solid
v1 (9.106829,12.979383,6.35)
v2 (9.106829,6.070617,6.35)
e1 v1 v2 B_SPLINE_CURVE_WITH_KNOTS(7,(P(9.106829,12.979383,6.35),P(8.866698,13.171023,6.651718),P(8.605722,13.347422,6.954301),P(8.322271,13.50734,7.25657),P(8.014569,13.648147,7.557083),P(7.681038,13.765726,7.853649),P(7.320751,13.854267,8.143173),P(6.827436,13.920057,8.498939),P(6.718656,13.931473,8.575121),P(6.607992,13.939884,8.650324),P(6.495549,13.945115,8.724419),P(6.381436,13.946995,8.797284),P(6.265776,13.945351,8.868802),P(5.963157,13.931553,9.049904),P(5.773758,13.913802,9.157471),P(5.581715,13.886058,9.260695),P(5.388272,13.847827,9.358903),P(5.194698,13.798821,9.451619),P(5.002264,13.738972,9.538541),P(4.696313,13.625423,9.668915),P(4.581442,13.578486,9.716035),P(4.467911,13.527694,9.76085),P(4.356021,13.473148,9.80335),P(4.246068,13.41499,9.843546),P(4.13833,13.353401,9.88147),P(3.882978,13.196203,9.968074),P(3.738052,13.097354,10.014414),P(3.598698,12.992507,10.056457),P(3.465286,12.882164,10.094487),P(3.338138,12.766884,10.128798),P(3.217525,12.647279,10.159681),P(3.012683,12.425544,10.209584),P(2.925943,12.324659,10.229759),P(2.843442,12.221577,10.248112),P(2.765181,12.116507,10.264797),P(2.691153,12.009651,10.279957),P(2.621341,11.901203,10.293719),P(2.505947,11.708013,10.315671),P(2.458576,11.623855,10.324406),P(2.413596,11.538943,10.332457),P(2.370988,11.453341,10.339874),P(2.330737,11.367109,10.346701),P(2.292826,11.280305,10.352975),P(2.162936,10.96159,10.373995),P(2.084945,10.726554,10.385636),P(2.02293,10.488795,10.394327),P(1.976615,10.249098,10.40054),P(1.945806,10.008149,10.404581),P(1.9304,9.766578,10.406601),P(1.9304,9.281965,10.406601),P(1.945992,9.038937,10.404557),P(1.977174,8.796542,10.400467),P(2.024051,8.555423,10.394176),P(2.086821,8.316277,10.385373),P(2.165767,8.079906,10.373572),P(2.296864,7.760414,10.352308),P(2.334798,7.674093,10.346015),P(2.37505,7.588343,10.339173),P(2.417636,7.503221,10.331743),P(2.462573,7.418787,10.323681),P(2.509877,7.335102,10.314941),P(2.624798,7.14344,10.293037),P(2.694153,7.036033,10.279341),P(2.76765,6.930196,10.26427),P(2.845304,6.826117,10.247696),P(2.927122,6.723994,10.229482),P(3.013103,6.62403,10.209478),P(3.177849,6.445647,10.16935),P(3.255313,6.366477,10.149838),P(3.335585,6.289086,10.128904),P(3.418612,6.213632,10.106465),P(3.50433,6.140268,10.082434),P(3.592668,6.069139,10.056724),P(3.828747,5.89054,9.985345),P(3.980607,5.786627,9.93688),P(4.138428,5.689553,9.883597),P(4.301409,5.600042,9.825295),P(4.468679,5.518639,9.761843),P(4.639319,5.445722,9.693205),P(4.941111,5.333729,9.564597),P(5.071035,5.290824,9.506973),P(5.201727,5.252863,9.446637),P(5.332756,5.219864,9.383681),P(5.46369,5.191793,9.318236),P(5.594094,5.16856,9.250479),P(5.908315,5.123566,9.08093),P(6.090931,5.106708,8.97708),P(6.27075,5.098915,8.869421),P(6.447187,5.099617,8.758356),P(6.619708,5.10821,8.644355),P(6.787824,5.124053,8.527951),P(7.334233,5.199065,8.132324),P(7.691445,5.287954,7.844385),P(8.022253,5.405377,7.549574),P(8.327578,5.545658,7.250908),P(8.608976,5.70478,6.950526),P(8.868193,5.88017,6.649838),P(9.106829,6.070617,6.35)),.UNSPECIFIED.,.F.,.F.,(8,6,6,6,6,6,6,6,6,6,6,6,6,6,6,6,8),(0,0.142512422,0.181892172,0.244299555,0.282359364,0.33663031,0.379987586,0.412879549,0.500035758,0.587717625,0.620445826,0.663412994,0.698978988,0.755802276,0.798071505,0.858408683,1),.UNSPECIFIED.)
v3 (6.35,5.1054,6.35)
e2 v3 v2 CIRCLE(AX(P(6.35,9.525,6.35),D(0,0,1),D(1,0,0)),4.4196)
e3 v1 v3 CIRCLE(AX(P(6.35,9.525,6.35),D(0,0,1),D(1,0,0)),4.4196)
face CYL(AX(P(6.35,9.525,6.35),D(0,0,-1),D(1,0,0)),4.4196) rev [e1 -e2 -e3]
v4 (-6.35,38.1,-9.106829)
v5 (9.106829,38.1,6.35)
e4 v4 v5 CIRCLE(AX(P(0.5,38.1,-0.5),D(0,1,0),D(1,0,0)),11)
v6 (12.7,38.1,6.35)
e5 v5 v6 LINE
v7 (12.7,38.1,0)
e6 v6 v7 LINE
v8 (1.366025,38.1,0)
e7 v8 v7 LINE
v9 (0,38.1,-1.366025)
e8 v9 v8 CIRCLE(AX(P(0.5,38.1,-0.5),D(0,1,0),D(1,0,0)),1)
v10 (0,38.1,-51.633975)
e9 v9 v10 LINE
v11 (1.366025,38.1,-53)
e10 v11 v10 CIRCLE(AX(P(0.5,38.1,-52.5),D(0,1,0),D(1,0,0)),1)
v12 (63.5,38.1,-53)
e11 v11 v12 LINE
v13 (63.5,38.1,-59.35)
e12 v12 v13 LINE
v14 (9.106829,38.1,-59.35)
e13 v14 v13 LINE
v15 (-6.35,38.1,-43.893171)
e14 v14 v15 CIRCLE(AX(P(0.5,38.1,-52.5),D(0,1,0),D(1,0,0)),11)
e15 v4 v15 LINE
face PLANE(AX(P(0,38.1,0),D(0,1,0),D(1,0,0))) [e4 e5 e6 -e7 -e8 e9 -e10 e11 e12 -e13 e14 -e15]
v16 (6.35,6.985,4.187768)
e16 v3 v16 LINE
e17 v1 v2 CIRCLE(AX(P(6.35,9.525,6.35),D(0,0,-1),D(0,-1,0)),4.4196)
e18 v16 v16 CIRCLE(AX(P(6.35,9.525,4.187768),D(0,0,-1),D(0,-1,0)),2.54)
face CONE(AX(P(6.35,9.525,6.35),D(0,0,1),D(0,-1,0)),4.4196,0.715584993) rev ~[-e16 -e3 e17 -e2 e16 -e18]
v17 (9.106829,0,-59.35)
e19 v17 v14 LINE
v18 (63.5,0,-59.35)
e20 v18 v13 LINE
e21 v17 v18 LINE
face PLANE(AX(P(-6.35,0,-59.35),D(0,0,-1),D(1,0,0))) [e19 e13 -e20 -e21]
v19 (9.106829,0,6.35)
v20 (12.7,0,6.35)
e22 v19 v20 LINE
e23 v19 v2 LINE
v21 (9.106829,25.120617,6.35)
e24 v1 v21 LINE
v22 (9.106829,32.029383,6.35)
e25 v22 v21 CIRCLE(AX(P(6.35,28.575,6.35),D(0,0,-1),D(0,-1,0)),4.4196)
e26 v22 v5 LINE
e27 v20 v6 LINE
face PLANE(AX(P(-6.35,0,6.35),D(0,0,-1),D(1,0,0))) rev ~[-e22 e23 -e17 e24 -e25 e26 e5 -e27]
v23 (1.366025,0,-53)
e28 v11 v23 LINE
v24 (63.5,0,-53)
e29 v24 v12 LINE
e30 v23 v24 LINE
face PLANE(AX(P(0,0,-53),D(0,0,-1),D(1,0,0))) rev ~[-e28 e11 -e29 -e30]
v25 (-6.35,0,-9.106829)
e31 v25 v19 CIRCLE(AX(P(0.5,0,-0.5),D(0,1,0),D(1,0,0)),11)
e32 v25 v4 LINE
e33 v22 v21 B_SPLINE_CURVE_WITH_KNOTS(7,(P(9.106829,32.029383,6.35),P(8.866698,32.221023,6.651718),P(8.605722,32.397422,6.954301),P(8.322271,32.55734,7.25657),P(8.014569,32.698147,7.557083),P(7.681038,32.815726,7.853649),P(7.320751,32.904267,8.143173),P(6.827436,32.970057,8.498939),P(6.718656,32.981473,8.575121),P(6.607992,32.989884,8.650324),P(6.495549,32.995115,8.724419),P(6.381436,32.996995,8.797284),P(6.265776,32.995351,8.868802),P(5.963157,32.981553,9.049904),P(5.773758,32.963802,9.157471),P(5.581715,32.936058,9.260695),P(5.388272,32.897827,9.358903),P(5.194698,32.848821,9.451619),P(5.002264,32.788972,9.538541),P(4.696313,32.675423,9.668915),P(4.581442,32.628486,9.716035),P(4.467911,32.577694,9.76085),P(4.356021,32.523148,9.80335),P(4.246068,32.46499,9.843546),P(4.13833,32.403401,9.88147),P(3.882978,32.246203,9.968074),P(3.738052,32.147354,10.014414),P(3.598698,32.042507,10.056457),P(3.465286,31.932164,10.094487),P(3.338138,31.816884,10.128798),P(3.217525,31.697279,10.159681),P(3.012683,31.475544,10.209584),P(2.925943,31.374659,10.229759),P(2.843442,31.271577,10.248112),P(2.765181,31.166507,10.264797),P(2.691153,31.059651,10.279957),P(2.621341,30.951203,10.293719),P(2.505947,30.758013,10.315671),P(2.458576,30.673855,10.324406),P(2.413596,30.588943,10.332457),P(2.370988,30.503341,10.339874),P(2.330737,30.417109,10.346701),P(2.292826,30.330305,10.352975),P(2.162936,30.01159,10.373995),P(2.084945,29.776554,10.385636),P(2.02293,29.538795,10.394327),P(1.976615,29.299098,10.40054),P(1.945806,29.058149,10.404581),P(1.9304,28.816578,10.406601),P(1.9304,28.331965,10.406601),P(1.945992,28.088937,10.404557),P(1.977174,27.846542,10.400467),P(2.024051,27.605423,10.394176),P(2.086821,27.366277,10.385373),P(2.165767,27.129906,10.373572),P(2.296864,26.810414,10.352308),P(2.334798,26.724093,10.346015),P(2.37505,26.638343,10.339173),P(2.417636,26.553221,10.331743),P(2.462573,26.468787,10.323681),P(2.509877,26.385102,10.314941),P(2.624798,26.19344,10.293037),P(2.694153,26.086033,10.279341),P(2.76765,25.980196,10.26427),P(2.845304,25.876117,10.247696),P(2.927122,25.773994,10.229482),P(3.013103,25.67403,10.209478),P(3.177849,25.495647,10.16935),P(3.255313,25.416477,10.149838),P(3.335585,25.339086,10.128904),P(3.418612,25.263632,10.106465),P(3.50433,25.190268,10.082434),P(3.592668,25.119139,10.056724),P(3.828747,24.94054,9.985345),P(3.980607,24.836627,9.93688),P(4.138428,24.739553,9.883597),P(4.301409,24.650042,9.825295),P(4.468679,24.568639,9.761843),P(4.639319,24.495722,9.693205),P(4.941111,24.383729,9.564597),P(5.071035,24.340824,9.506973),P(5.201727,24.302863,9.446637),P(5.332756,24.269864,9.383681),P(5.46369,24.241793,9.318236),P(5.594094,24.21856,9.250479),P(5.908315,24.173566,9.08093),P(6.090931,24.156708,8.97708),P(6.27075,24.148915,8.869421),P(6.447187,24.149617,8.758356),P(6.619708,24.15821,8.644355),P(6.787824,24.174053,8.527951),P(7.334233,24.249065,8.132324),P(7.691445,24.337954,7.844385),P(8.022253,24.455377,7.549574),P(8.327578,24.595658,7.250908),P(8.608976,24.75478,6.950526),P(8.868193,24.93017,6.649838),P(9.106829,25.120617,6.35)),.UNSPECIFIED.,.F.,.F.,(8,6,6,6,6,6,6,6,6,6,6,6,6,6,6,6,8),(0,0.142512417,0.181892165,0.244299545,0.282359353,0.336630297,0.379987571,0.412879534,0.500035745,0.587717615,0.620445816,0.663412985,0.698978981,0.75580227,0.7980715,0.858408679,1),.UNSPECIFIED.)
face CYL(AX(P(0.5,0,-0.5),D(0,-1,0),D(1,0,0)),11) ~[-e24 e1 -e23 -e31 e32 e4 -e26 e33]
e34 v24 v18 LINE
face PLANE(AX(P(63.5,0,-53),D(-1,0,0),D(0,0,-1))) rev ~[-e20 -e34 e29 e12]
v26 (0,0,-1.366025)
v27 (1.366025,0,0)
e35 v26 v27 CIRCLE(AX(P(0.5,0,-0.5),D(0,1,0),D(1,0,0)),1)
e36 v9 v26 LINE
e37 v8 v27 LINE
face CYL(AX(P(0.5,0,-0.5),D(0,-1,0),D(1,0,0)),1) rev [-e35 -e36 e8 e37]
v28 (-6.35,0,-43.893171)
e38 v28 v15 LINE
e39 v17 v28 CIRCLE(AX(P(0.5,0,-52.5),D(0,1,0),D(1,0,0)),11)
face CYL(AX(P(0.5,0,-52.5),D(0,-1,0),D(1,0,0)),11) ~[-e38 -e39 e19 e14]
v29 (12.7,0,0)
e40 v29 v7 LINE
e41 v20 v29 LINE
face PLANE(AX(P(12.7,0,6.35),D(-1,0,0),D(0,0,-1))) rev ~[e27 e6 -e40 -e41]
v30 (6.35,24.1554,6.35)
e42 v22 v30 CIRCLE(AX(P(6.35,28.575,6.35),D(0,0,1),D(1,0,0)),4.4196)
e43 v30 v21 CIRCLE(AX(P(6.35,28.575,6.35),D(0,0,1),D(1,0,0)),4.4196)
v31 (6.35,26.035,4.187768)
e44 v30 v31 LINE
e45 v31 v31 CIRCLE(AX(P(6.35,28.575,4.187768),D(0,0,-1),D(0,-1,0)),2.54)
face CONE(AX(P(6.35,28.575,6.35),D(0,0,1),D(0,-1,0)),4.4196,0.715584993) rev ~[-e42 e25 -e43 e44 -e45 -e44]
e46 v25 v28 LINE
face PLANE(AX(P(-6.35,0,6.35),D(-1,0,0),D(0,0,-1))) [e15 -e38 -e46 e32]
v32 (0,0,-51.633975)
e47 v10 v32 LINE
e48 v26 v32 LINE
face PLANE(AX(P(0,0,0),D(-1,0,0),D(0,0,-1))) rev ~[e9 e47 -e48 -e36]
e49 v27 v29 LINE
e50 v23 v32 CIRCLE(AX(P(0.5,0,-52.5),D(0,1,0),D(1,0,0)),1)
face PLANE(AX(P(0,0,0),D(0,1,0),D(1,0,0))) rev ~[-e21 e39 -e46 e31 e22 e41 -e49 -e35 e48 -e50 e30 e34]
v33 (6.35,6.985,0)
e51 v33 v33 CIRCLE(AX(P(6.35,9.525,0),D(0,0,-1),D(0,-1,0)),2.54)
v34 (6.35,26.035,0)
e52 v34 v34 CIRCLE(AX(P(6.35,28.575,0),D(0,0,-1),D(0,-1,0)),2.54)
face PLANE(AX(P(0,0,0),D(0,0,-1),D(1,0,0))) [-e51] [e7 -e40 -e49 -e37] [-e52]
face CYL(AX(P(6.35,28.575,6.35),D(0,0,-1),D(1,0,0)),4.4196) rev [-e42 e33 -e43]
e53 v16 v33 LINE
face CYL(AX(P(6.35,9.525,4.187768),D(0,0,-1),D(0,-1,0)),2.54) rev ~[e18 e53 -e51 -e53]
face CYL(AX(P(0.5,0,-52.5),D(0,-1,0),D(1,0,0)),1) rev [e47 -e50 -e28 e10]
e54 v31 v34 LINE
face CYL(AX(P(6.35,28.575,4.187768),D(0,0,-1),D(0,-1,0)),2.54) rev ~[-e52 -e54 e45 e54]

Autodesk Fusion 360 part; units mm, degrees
sketch "Sketch1" plane through (0, 0, 0) normal (0, 1, 0) x (1, 0, 0)
  line L0 (0, 0) -> (0, 53)
  line L1 (0, 0) -> (12.7, 0)
  line L2 (0, 53) -> (63.5, 53)
  line L3 (-6.35, 59.35) -> (63.5, 59.35)
  line L4 (-6.35, -6.35) -> (-6.35, 59.35)
  line L5 (-6.35, -6.35) -> (12.7, -6.35)
  line L6 (12.7, -6.35) -> (12.7, 0)
  line L7 (63.5, 53) -> (63.5, 59.35)
  line L8 (-6.35, -6.35) -> (0.5, 0.5) construction
  line L9 (-6.35, 59.35) -> (0.5, 52.5) construction
  dimension "d1" = 53
  dimension "d2" = 12.7
  dimension "d3" = 63.5
  dimension "d5" = 6.35
  dimension "d6" = 0.5
  dimension "d7" = 0.5
sketch "Sketch2" plane through (0, 0, 0) normal (0, 1, 0) x (1, 0, 0)
  circle A0 centre (0.5, 0.5) radius 1
  circle A1 centre (0.5, 52.5) radius 1
  circle A2 centre (0.5, 52.5) radius 11
  line L0 (-6.35, -6.35) -> (-6.35, 59.35)
  line L1 (-6.35, 59.35) -> (63.5, 59.35)
  line L2 (-6.35, -6.35) -> (12.7, -6.35)
  circle A3 centre (0.5, 0.5) radius 11
  point P0 (0.5, 0.5)
  point P1 (0.5, 52.5)
  dimension "d8" = 2
  dimension "d9" = 22
ref_plane "WorkPlane1" through (0, 0, 6.35) normal (0, 0, 1) x (1, 0, 0)
sketch "Sketch3" plane through (0, 0, 6.35) normal (0, 0, 1) x (1, 0, 0)
  line L0 (-6.35, 0) -> (12.7, 0)
  line L1 (-6.35, 0) -> (12.7, 0) construction
  line L2 (12.7, 0) -> (12.7, 38.1)
  line L3 (12.7, 38.1) -> (-6.35, 38.1)
  line L4 (-6.35, 38.1) -> (-6.35, 0)
  line L5 (6.35, 0) -> (6.35, 38.1) construction
  line L6 (12.7, 19.05) -> (6.35, 19.05) construction
  circle A0 centre (6.35, 28.575) radius 4.4196
  circle A1 centre (6.35, 9.525) radius 4.4196
  line L7 (0, 0) -> (12.7, 0)
  point P0 (6.35, 9.525)
  point P1 (6.35, 28.575)
  dimension "d11" = 38.1
  dimension "d12" = 19.05
  dimension "d13" = 8.8392
extrude "Extrude1" add sketch "Sketch1" along normal up to surface (38.1 mm away)
extrude "Extrude2" add sketch "Sketch2" along normal up to surface (38.1 mm away) contours L0 L2 A3 | A2 L0 L1 picked at (-6.7442, 3.5907) picked at (-6.7442, 49.4093)
extrude "Extrude3" cut sketch "Sketch3" along normal blind 5 contours A0 | A1
hole "Hole1" at (6.35, 28.575, 6.35) at (6.35, 9.525, 6.35) direction (0, 0, -1) diameter 5.08 depth 25 tip angle 118 countersink diameter 8.8392 countersink angle 82
extrude "Extrude4" cut sketch "Sketch2" along normal up to surface (38.1 mm away) contours A0 | A1
equation "d2 = ( 0.5 * 25.4 ) * 1 mm"
equation "d3 = ( 2.5 * 25.4 ) * 1 mm"
equation "d11 = ( 1.5 * 25.4 ) * 1 mm"
equation "d12 = ( 0.75 * 25.4 ) * 1 mm"
